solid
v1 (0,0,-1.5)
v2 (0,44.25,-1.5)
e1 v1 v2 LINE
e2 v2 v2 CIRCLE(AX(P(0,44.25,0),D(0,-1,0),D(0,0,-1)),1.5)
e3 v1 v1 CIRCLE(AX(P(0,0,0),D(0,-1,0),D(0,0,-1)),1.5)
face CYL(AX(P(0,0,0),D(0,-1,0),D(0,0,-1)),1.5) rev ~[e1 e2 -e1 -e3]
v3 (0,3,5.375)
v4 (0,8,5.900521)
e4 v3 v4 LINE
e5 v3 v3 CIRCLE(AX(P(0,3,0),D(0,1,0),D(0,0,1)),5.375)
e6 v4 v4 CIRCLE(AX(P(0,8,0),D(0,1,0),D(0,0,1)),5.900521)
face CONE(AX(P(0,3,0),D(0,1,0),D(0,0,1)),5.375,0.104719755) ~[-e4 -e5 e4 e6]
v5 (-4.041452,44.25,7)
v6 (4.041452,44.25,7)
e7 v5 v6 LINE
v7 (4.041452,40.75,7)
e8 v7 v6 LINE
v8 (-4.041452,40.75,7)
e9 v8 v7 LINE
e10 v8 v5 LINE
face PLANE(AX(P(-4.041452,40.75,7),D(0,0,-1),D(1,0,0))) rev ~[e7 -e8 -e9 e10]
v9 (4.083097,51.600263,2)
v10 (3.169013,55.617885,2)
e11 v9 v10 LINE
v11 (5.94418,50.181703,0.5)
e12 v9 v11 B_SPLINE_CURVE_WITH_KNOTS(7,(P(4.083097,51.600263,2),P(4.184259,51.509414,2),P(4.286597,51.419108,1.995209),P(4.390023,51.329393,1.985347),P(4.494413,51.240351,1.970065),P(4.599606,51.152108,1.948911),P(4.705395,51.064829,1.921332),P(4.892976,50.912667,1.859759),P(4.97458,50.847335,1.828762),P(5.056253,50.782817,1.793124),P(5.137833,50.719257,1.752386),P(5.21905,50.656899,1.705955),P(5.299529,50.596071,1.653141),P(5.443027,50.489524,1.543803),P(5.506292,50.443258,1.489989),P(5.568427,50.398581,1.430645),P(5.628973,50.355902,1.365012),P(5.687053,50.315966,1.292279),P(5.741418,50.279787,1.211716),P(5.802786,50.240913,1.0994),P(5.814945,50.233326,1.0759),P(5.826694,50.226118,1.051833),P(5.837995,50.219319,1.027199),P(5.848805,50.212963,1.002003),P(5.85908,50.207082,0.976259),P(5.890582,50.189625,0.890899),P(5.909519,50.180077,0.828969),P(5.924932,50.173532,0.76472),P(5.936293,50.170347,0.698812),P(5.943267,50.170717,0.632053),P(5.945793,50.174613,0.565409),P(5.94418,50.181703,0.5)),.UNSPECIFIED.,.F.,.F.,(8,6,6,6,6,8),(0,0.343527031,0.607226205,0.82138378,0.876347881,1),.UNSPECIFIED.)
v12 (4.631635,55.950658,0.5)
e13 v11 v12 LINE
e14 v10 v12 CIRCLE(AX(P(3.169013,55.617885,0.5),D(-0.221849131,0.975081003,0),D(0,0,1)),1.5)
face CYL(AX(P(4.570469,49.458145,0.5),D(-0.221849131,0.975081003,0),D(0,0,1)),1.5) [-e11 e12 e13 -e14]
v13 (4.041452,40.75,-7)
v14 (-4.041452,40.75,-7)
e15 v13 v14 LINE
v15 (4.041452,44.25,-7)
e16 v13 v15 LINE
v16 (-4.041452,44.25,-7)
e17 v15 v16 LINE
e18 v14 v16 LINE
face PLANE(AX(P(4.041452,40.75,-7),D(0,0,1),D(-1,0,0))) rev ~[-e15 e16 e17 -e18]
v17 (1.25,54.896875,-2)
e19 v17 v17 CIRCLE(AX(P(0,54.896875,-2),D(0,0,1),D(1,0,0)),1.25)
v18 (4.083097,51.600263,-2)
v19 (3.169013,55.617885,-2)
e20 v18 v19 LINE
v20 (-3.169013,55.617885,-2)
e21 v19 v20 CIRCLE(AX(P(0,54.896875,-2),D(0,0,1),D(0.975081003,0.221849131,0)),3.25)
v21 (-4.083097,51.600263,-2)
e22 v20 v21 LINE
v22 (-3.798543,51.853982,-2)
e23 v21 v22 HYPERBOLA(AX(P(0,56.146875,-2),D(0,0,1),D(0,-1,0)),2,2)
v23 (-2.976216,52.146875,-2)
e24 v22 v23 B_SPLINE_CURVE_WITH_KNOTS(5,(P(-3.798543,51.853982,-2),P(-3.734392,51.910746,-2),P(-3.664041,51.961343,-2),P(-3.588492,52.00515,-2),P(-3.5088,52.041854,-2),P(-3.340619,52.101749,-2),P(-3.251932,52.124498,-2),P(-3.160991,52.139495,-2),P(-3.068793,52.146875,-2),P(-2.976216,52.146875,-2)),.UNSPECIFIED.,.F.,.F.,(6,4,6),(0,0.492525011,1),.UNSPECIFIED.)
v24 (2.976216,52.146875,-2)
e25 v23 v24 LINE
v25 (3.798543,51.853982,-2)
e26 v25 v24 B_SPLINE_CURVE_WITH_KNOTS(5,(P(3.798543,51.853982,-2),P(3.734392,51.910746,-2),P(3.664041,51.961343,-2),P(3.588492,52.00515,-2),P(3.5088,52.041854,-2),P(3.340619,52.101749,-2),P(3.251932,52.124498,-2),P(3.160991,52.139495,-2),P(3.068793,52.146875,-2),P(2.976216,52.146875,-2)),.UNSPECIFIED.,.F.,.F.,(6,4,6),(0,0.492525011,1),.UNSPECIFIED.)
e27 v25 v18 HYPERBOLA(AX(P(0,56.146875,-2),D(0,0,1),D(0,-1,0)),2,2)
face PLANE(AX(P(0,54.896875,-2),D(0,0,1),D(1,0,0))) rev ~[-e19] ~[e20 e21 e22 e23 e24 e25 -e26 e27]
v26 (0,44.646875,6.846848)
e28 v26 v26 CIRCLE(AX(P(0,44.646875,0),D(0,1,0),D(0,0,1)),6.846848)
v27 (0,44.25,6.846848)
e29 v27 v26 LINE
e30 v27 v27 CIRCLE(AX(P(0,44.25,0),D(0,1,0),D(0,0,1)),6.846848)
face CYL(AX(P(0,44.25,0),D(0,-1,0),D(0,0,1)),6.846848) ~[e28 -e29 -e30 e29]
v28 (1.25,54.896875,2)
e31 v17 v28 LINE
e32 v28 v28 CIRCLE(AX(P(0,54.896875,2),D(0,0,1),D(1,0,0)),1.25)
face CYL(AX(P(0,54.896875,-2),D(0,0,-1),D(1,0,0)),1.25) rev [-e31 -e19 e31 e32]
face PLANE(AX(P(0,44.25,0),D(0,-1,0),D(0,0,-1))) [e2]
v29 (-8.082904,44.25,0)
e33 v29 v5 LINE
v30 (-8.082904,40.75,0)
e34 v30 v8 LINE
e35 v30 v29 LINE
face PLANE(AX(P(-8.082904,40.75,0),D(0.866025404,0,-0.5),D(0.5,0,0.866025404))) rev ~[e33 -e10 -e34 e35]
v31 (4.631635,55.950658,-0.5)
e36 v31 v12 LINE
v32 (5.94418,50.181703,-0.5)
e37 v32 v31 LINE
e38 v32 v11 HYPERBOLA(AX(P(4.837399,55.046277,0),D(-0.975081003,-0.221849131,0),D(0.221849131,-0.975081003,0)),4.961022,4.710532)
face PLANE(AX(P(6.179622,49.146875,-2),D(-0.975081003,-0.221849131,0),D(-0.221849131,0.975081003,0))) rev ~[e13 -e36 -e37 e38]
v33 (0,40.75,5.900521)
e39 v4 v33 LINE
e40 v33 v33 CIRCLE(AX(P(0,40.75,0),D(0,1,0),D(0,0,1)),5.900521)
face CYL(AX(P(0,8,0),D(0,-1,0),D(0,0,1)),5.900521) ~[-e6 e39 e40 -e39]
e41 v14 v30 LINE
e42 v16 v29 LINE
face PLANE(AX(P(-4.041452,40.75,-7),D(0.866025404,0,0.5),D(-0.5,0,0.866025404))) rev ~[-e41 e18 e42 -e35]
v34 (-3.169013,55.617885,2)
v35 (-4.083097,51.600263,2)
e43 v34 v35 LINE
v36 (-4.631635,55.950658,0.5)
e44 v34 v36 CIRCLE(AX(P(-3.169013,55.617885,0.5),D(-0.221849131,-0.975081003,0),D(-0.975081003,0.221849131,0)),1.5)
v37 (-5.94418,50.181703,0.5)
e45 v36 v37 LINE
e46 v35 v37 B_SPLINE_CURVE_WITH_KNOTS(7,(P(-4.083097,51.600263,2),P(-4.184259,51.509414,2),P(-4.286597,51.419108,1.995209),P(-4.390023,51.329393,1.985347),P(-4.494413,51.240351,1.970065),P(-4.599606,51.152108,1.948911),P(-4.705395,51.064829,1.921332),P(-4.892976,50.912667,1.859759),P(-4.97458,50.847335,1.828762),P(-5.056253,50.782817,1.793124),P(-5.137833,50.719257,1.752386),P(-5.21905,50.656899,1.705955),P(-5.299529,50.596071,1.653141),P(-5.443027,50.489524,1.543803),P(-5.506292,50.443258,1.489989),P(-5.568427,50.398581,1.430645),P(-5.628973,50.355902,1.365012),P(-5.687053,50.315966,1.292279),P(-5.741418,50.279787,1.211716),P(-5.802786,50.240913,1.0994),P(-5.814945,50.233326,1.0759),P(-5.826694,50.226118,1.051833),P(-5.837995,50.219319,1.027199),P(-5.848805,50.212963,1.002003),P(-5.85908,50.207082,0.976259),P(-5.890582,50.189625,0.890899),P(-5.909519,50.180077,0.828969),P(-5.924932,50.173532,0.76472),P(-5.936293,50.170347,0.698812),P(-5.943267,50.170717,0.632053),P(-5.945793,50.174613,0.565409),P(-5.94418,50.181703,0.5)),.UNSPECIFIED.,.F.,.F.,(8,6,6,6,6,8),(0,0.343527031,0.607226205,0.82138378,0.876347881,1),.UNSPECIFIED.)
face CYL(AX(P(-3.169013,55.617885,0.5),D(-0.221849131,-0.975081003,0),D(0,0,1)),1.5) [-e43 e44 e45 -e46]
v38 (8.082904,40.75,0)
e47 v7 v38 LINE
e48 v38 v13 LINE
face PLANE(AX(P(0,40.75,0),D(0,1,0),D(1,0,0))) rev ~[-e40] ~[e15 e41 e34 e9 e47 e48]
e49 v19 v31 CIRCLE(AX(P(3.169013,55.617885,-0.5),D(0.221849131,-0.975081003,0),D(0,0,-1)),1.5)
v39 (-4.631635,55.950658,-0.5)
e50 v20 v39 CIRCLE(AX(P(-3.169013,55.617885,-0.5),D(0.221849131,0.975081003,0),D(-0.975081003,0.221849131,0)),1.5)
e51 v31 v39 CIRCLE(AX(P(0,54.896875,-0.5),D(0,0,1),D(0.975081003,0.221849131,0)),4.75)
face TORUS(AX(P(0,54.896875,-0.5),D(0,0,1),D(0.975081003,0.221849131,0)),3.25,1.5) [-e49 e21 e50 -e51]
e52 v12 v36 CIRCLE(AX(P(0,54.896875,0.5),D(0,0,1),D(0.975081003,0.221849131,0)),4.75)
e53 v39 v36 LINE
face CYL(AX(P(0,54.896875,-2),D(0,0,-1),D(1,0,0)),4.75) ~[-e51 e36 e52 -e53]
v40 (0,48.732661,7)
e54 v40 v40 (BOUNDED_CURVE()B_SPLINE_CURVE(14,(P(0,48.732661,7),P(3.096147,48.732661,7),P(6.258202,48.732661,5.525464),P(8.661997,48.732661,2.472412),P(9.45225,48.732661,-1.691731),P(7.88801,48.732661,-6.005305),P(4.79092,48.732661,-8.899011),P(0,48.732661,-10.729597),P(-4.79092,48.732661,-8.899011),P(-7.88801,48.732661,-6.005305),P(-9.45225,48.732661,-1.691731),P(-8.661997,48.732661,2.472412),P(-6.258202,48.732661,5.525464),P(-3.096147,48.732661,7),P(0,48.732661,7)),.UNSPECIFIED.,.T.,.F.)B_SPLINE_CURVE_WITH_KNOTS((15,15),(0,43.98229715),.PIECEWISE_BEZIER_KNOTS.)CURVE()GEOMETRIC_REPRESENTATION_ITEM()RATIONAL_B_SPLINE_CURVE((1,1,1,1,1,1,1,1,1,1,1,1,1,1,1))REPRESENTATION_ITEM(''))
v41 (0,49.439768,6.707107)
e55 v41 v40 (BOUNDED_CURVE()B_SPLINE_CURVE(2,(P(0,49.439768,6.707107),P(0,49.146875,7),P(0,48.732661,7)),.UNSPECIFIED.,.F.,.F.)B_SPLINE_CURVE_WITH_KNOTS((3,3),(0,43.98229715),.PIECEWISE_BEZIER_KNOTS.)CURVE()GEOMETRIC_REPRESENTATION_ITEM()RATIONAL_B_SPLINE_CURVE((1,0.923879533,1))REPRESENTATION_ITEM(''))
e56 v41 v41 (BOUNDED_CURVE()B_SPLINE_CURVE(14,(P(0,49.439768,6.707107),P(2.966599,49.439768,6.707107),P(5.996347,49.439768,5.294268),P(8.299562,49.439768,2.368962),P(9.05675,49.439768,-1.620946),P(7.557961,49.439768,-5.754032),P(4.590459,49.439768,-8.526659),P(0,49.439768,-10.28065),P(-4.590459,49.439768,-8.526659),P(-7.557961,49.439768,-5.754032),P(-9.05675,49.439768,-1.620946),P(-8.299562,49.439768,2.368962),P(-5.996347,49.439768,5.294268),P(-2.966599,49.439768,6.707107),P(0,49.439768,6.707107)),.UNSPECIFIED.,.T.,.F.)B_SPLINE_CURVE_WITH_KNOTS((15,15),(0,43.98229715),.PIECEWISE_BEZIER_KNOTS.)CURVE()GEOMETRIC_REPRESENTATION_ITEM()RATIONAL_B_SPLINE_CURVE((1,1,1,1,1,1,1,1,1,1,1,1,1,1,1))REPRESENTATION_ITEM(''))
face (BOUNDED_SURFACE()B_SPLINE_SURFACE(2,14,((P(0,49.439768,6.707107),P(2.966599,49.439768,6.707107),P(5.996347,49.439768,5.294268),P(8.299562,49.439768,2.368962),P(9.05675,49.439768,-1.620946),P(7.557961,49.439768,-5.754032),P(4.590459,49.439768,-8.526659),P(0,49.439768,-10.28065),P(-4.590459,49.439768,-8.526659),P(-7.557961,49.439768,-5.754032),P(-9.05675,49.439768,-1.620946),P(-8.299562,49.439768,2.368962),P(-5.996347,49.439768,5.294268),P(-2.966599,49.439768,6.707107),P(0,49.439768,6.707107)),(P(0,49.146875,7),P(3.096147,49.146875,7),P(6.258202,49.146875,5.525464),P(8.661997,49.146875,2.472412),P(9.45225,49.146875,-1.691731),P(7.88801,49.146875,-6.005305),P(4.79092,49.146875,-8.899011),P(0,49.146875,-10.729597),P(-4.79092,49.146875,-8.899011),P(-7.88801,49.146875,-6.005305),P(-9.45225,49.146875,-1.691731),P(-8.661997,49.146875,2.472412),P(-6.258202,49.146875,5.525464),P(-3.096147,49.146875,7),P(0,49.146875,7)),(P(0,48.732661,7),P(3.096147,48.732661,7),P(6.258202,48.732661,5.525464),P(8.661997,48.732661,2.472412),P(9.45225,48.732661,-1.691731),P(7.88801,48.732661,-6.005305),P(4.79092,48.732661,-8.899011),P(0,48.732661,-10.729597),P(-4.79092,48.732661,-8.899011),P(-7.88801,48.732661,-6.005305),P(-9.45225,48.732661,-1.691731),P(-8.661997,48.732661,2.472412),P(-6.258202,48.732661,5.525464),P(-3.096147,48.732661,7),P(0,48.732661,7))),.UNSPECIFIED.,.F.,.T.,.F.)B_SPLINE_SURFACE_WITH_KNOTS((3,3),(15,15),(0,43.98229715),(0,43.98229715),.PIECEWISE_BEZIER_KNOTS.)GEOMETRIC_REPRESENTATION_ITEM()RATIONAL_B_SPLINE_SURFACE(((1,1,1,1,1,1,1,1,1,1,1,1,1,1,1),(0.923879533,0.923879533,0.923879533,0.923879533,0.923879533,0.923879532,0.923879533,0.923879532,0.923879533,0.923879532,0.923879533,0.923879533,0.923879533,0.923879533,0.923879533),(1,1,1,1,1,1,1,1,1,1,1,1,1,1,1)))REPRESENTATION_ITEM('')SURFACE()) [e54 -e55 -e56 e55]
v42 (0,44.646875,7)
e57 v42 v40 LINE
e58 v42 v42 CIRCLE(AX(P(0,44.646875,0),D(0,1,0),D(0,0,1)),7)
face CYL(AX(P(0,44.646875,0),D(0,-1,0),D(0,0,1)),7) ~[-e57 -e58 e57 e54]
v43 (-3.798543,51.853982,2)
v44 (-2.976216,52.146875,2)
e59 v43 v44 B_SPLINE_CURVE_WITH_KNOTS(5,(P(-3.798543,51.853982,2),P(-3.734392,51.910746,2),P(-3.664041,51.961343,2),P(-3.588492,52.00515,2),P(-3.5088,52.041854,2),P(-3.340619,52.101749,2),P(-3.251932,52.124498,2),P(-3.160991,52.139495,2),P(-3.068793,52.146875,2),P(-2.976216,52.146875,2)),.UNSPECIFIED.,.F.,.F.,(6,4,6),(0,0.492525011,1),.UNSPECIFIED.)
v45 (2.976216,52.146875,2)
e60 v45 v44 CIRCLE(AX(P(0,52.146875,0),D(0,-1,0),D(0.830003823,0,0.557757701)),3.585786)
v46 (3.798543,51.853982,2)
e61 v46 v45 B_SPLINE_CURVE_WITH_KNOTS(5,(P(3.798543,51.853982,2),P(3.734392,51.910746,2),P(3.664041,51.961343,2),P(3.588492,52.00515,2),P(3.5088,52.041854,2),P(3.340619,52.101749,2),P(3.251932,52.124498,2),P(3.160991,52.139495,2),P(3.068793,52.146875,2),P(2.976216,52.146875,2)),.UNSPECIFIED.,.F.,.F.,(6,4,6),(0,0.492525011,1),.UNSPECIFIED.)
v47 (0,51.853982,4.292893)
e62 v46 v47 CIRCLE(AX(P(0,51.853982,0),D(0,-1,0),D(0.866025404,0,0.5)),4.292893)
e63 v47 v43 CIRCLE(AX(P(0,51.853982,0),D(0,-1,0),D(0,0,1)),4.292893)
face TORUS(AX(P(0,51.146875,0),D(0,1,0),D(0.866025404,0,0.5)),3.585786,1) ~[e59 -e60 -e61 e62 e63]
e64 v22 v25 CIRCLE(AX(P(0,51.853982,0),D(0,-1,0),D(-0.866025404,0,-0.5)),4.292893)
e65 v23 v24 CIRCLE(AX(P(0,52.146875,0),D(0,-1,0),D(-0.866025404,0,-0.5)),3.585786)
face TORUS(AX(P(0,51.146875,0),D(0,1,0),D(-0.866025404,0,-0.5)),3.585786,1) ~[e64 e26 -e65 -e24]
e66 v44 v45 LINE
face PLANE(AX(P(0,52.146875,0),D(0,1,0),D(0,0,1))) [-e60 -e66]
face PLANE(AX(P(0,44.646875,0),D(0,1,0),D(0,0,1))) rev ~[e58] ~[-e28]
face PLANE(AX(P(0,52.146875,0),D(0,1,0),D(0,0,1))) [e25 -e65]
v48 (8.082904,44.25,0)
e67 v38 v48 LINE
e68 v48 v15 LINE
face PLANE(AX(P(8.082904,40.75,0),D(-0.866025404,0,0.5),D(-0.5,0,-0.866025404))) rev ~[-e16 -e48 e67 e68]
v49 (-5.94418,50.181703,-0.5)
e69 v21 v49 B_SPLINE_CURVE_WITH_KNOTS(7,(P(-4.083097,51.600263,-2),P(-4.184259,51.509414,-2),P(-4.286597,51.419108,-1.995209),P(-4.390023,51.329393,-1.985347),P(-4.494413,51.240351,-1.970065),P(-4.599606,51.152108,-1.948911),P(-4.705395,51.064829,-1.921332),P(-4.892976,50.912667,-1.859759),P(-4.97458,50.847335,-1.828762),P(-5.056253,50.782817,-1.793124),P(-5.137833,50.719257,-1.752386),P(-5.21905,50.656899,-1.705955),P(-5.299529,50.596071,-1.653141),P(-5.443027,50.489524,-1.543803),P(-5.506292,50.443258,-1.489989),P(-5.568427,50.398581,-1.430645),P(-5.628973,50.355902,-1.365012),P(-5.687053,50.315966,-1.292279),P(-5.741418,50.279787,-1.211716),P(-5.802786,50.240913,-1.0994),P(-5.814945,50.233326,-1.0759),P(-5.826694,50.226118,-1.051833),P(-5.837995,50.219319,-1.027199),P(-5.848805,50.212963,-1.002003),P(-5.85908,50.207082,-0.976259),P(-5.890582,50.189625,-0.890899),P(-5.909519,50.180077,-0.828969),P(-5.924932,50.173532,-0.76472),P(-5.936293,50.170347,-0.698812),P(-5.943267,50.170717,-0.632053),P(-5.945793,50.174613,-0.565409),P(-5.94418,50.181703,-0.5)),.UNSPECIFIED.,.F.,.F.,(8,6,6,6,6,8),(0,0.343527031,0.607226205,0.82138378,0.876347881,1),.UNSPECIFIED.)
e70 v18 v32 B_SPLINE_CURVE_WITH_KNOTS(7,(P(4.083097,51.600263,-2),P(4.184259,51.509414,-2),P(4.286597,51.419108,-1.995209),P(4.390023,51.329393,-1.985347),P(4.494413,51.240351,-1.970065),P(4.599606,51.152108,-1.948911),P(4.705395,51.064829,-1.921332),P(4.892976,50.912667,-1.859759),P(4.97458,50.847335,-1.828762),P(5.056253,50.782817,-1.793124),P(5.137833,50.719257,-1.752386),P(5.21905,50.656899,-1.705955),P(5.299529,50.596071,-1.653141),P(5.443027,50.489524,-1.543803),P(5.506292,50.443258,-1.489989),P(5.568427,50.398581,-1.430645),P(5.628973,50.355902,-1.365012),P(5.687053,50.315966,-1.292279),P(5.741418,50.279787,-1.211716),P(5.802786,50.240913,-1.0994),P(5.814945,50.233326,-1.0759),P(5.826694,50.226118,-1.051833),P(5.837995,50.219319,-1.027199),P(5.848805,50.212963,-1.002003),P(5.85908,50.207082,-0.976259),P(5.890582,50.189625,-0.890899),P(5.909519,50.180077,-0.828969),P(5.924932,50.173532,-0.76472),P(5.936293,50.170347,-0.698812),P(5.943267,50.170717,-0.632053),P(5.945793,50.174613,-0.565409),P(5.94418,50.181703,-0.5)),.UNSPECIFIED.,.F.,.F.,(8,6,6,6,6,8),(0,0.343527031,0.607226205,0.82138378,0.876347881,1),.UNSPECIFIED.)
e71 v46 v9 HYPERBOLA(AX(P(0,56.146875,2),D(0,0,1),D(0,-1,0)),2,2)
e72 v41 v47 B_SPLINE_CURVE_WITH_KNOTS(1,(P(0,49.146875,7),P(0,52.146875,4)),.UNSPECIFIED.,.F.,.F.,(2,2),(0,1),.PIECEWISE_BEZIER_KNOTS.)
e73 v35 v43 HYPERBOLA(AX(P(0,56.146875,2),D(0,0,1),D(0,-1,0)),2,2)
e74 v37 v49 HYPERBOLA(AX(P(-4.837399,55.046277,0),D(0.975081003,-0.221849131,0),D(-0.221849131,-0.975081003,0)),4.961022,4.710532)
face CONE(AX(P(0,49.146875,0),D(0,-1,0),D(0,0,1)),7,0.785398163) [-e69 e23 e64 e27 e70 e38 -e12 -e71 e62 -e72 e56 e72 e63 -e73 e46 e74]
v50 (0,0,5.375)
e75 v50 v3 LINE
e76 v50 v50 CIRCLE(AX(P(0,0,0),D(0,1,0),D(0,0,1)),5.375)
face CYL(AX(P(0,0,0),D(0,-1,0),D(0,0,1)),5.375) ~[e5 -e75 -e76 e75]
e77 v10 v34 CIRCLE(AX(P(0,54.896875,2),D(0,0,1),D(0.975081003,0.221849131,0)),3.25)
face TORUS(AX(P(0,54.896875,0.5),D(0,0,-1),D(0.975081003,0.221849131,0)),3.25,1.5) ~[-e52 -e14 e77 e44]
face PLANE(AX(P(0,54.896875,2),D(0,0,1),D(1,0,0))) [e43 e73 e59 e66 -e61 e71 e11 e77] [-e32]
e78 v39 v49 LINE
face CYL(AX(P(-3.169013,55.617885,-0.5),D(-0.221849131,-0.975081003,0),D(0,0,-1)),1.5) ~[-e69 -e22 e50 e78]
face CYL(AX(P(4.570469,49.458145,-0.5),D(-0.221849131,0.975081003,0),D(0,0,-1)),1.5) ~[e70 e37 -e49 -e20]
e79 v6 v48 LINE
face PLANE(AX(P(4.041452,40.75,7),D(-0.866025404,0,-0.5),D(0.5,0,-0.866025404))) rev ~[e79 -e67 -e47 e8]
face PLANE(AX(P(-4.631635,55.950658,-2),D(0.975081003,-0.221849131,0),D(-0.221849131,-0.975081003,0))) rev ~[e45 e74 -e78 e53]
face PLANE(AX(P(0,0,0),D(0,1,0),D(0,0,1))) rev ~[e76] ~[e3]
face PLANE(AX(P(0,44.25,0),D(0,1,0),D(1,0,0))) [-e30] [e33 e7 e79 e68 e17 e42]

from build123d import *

# Parameters (mm, degrees)
SKETCH1_R                = 5.375
BOSS_EXTRUDE1_DEPTH      = 3
SKETCH2_R                = 5.375
BOSS_EXTRUDE2_DEPTH      = 5
BOSS_EXTRUDE2_DRAFT      = -6
SKETCH3_R                = 5.900521176
BOSS_EXTRUDE3_DEPTH      = 32.75
BOSS_EXTRUDE4_DEPTH      = 3.5
SKETCH6_R                = 6.846847864
BOSS_EXTRUDE5_DEPTH      = 0.396875
SKETCH7_R                = 7
BOSS_EXTRUDE6_DEPTH      = 4.5
SKETCH8_R                = 7
BOSS_EXTRUDE7_DEPTH      = 3
BOSS_EXTRUDE7_TAPER      = 45
BOSS_EXTRUDE8_DEPTH      = 2
BOSS_EXTRUDE8_DEPTH_BACK = 2
SKETCH9_R                = 4.75
SKETCH9_R_2              = 1.25
FILLET1_R                = 1
FILLET2_R                = 1.5
SKETCH10_R               = 1.5
CUT_EXTRUDE1_DEPTH       = 44.25


with BuildPart() as part:
    # Sketch1 → Boss-Extrude1 (new body)
    with BuildSketch(Plane(origin=(0, 0, 0), x_dir=(1, 0, 0), z_dir=(0, 1, 0))):
        with Locations(Location((0, 0, 0), (0, 0, 270))):
            Circle(SKETCH1_R)
    extrude(amount=BOSS_EXTRUDE1_DEPTH)


with BuildPart() as boss_extrude2_tool:
    # Sketch2 → Boss-Extrude2 (with draft: the straight prism first)
    with BuildSketch(Plane(origin=(0, 3, 0), x_dir=(1, 0, 0), z_dir=(0, 1, 0))):
        with Locations(Location((0, 0, 0), (0, 0, 270))):
            Circle(SKETCH2_R)
    extrude(amount=BOSS_EXTRUDE2_DEPTH)
    # Boss-Extrude2: the draft: its side faces are tilted about the plane it starts from
    boss_extrude2_sides = [boss_extrude2_tool.faces().sort_by_distance(p)[0] for p in [
        (0, 5.5, -5.375),
    ]]
    draft(boss_extrude2_sides, Plane(origin=(0, 3, 0), x_dir=(1, 0, 0), z_dir=(0, 1, 0)), BOSS_EXTRUDE2_DRAFT)


with BuildPart() as part_1:
    add(part.part)

    # Boss-Extrude2: add boss_extrude2_tool
    add(boss_extrude2_tool.part)

    # Sketch3 → Boss-Extrude3 (add)
    with BuildSketch(Plane(origin=(0, 8, 0), x_dir=(1, 0, 0), z_dir=(0, 1, 0))):
        with Locations(Location((0, 0, 0), (0, 0, 270))):
            Circle(SKETCH3_R)
    extrude(amount=BOSS_EXTRUDE3_DEPTH)

    # Sketch5 → Boss-Extrude4 (add)
    with BuildSketch(Plane(origin=(0, 40.75, 0), x_dir=(1, 0, 0), z_dir=(0, 1, 0))):
        Polygon((-4.041451884, 7), (-8.082903769, 0), (-4.041451884, -7), (4.041451884, -7), (8.082903769, 0), (4.041451884, 7), align=None)
    extrude(amount=BOSS_EXTRUDE4_DEPTH)

    # Sketch6 → Boss-Extrude5 (add)
    with BuildSketch(Plane(origin=(0, 44.25, 0), x_dir=(1, 0, 0), z_dir=(0, 1, 0))):
        with Locations(Location((0, 0, 0), (0, 0, 270))):
            Circle(SKETCH6_R)
    extrude(amount=BOSS_EXTRUDE5_DEPTH)

    # Sketch7 → Boss-Extrude6 (add)
    with BuildSketch(Plane(origin=(0, 44.646875, 0), x_dir=(1, 0, 0), z_dir=(0, 1, 0))):
        with Locations(Location((0, 0, 0), (0, 0, 270))):
            Circle(SKETCH7_R)
    extrude(amount=BOSS_EXTRUDE6_DEPTH)

    # Sketch8 → Boss-Extrude7 (add)
    with BuildSketch(Plane(origin=(0, 49.146875, 0), x_dir=(1, 0, 0), z_dir=(0, 1, 0))):
        with Locations(Location((0, 0, 0), (0, 0, 270))):
            Circle(SKETCH8_R)
    extrude(amount=BOSS_EXTRUDE7_DEPTH, taper=BOSS_EXTRUDE7_TAPER)

    # Sketch9 → Boss-Extrude8 (add, two sides: drawn at the far end of the back side and taken through both)
    # profile 1 of 2: a face of its own
    with BuildSketch(Plane.XY.offset(-BOSS_EXTRUDE8_DEPTH_BACK)):
        with Locations((0, 54.896875)):
            Circle(SKETCH9_R)
        with Locations((0, 54.896875)):
            Circle(SKETCH9_R_2, mode=Mode.SUBTRACT)
    # profile 2 of 2: a face of its own
    with BuildSketch(Plane.XY.offset(-BOSS_EXTRUDE8_DEPTH_BACK)):
        with BuildLine():
            Line((6.179622496, 49.146875), (4.631634766, 55.950658372))
            ThreePointArc((4.631634766, 55.950658372), (4.72031594, 55.427080084), (4.75, 54.896875))
            ThreePointArc((4.75, 54.896875), (-0.530205084, 50.17655906), (-4.631634766, 55.950658372))
            Line((-4.631634766, 55.950658372), (-6.179622496, 49.146875))
            Line((-6.179622496, 49.146875), (6.179622496, 49.146875))
        make_face()
    extrude(amount=BOSS_EXTRUDE8_DEPTH + BOSS_EXTRUDE8_DEPTH_BACK)

    # Fillet1
    fillet1_edges = [part_1.edges().sort_by_distance(p)[0] for p in [
        (2, 52.146875, 3.464101615),
        (0, 49.146875, -7),
        (0, 52.146875, -4),
    ]]
    fillet(fillet1_edges, radius=FILLET1_R)

    # Fillet2
    fillet2_edges = [part_1.edges().sort_by_distance(p)[0] for p in [
        (-5.332362658, 52.870788493, -2),
        (0, 59.646875, -2),
        (-5.332362658, 52.870788493, 2),
        (0, 59.646875, 2),
        (5.332362658, 52.870788493, -2),
        (5.332362658, 52.870788493, 2),
    ]]
    fillet(fillet2_edges, radius=FILLET2_R)

    # Sketch10 → Cut-Extrude1 (cut)
    with BuildSketch(Plane.XZ):
        with Locations(Location((0, 0, 0), (0, 0, 270))):
            Circle(SKETCH10_R)
    extrude(amount=-CUT_EXTRUDE1_DEPTH, mode=Mode.SUBTRACT)


solid = part_1.part
